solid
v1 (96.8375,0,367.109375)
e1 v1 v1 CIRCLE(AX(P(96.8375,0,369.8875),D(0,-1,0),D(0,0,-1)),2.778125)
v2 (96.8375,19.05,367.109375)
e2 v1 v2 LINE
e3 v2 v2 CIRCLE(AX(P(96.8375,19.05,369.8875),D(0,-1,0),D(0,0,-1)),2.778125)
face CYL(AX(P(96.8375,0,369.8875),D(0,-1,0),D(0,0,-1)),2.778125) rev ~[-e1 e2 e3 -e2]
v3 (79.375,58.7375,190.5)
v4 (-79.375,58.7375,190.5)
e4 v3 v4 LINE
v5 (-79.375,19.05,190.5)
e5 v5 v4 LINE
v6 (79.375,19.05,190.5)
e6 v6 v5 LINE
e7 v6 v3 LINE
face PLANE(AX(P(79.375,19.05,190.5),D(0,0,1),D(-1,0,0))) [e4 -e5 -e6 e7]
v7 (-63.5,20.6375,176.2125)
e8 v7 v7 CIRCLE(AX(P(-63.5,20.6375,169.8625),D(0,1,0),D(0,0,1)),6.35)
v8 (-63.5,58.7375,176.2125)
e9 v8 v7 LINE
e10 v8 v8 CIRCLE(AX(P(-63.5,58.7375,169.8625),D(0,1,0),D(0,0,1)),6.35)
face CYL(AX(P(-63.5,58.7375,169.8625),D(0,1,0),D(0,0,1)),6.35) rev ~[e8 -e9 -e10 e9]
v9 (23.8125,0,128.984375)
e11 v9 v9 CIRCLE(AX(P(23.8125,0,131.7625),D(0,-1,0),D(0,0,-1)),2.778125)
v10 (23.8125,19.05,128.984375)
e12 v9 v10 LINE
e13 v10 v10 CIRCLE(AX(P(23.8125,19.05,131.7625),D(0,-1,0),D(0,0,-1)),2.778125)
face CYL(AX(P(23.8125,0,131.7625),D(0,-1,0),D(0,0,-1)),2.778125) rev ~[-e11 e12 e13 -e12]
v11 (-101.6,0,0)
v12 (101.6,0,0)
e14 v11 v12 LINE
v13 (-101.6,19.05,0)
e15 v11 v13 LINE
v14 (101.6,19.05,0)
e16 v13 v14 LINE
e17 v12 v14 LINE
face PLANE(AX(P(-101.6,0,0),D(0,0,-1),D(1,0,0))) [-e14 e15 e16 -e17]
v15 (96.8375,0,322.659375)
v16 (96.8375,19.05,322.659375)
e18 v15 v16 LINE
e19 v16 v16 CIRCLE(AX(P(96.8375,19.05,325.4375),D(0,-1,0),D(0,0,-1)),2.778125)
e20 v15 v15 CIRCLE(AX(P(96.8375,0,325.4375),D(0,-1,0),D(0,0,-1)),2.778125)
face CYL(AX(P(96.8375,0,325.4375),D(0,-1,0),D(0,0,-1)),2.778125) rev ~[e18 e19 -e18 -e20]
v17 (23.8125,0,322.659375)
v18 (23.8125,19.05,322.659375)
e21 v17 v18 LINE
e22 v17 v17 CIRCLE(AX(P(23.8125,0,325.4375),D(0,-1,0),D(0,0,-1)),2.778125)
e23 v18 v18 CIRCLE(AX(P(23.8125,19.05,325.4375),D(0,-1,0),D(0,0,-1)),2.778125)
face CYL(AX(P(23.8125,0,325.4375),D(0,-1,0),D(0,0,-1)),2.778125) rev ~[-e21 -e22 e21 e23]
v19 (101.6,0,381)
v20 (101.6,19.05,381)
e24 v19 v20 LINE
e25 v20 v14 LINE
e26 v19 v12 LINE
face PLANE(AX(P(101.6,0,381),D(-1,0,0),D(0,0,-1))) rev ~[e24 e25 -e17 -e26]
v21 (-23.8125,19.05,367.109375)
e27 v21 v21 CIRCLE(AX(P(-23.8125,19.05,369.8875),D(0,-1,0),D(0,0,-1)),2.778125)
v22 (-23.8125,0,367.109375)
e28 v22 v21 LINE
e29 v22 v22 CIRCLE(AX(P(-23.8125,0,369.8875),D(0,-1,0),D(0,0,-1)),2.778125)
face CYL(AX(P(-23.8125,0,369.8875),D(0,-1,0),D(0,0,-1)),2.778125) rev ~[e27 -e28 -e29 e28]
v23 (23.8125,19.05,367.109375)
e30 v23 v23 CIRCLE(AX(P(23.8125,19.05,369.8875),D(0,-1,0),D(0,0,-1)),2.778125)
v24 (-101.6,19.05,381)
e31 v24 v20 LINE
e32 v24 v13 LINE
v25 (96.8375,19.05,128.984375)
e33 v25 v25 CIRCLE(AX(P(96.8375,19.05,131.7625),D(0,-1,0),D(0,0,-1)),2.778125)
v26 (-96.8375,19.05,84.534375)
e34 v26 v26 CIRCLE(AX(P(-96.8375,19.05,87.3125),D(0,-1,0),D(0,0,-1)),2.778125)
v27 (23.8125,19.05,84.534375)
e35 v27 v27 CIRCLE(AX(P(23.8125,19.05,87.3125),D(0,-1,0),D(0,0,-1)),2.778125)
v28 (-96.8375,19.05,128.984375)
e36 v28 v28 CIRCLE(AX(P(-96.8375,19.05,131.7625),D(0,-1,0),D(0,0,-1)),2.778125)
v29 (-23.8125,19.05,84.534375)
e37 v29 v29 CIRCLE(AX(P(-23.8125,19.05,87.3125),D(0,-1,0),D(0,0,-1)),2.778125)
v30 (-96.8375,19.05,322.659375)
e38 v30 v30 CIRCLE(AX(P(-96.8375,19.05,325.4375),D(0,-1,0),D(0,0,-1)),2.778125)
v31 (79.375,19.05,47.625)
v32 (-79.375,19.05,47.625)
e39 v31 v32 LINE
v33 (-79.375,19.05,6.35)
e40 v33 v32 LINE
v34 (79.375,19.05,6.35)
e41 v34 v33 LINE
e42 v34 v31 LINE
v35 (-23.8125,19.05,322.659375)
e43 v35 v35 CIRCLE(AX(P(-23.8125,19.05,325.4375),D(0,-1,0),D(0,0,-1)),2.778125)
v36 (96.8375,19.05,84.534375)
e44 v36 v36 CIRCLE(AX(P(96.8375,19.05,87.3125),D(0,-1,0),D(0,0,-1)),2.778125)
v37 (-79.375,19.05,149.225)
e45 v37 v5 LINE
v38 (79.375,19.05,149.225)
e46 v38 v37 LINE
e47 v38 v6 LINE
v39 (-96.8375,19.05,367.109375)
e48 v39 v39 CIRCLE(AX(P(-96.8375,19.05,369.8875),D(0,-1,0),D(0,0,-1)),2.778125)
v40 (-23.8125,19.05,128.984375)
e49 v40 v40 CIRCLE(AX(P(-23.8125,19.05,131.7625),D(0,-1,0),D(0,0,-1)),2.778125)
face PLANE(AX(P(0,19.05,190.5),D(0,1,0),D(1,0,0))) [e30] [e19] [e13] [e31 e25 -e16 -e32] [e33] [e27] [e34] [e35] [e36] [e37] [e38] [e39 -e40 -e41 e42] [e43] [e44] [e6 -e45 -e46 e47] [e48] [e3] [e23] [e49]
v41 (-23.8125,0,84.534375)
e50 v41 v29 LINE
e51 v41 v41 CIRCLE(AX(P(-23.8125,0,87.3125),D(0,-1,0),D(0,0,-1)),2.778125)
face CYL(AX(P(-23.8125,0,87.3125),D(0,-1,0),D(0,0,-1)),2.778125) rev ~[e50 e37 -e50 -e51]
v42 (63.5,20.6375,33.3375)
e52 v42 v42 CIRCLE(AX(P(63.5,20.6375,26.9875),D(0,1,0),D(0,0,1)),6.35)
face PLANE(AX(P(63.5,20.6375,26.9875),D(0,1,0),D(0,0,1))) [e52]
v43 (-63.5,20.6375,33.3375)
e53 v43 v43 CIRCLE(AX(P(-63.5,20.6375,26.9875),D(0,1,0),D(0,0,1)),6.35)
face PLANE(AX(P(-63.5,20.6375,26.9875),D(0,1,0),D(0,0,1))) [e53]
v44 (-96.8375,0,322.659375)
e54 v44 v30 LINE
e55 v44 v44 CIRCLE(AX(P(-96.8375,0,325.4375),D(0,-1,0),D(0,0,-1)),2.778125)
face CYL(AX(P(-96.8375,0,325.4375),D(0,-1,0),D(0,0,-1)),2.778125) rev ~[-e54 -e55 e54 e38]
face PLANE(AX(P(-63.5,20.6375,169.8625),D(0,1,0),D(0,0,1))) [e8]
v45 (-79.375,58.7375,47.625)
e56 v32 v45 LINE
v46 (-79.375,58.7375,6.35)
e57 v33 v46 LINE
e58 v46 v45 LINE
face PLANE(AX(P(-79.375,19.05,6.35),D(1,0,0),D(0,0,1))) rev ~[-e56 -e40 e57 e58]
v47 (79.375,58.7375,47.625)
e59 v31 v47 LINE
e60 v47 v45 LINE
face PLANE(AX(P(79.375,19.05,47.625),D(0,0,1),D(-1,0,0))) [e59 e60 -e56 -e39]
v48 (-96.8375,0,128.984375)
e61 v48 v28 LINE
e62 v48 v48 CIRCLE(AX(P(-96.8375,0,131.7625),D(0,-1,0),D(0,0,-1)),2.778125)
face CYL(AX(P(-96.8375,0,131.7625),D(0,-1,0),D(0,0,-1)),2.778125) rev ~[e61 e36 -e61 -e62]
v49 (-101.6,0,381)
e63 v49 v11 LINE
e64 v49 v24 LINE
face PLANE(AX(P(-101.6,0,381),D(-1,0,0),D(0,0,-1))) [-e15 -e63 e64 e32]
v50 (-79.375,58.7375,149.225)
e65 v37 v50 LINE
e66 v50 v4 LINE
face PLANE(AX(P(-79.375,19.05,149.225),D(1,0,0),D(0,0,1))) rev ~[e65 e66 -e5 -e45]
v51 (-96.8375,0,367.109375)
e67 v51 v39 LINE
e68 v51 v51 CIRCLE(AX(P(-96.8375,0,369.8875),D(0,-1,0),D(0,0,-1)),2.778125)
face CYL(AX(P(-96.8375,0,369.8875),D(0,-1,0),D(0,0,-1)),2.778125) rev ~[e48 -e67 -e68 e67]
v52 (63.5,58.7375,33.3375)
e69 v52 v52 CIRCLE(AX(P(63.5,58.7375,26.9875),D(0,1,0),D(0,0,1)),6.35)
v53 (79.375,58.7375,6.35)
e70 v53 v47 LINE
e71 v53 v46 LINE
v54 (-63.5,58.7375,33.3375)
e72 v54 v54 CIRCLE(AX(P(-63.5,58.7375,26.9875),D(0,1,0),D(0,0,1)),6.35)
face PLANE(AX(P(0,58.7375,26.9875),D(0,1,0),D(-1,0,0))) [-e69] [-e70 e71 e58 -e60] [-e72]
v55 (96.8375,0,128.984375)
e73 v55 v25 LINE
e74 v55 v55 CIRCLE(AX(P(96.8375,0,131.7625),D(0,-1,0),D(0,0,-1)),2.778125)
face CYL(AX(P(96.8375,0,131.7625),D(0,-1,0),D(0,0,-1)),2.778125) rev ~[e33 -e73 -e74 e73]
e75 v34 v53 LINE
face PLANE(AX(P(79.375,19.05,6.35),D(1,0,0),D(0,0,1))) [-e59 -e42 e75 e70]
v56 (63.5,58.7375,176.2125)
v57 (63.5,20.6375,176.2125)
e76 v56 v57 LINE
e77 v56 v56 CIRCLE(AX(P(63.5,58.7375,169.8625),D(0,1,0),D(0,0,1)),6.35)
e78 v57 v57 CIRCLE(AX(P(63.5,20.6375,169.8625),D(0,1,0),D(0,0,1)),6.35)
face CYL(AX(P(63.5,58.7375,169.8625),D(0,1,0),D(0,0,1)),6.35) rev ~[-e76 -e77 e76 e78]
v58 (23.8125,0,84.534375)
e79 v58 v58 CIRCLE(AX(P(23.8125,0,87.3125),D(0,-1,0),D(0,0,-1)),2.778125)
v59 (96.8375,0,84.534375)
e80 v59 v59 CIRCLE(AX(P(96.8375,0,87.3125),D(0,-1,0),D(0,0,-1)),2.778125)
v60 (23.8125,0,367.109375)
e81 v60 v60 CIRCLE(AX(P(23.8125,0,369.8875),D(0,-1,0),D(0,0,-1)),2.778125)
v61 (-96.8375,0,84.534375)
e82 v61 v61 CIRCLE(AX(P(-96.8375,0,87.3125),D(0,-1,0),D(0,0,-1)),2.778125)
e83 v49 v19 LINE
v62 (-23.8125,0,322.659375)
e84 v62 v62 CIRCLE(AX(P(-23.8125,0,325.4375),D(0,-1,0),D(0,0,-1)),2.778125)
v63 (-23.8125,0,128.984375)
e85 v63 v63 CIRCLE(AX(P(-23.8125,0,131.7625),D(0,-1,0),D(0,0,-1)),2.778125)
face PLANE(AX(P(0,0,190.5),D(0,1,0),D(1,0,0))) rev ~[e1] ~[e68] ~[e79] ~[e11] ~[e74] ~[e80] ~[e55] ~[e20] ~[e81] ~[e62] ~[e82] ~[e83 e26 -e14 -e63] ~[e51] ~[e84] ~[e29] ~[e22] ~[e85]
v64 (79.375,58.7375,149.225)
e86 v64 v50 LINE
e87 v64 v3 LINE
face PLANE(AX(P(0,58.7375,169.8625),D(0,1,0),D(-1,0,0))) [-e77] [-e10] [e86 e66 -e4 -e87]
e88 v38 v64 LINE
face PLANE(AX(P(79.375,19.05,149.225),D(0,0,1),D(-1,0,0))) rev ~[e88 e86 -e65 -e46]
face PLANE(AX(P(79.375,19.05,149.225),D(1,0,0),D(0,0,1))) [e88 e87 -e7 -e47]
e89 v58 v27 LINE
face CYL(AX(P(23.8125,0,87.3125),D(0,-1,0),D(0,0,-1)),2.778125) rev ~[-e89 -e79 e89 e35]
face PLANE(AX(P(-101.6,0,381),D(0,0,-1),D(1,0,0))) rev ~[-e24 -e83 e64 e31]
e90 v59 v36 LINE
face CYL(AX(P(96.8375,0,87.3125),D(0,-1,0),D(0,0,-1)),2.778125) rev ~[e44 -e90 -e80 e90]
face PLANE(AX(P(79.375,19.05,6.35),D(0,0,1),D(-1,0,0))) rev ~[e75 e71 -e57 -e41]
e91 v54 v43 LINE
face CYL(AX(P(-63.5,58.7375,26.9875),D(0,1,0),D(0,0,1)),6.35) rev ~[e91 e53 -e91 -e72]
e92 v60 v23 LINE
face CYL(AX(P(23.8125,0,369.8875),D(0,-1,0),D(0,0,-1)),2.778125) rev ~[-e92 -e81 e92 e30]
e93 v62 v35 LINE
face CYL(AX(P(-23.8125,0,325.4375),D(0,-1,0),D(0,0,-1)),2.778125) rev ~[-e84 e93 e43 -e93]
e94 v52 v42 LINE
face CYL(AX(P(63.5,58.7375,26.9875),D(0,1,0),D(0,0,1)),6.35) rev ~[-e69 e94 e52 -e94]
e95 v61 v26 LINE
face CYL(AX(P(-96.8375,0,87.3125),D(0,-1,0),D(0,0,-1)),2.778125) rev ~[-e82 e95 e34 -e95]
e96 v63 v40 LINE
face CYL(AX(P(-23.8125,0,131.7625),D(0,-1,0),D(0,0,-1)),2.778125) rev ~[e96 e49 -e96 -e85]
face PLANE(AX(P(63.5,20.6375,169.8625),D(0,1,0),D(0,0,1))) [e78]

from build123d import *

# Parameters (mm, degrees)
SKETCH1_W           = 203.2
SKETCH1_H           = 381
BASE_EXTRUDE_DEPTH  = 19.05
SKETCH2_W           = 158.75
SKETCH2_H           = 41.275
BOSS_EXTRUDE1_DEPTH = 39.6875
SKETCH4_R           = 6.35
CUT_EXTRUDE1_DEPTH  = 38.1
LPATTERN1_COUNT     = 2
LPATTERN1_PITCH     = 142.875
SKETCH5_R           = 2.778125
CUT_EXTRUDE2_DEPTH  = 399.664839064


with BuildPart() as part:
    # Sketch1 → Base-Extrude (new body)
    with BuildSketch(Plane(origin=(0, 0, 0), x_dir=(1, 0, 0), z_dir=(0, 1, 0))):
        with Locations((0, -190.5)):
            Rectangle(SKETCH1_W, SKETCH1_H)
    extrude(amount=BASE_EXTRUDE_DEPTH)

    # Sketch2 → Boss-Extrude1 (add)
    with BuildSketch(Plane(origin=(0, 19.05, 0), x_dir=(-1, 0, 0), z_dir=(0, 1, 0))):
        with Locations((0, 26.9875)):
            Rectangle(SKETCH2_W, SKETCH2_H)
    boss_extrude1 = extrude(amount=BOSS_EXTRUDE1_DEPTH)

    # Sketch4 → Cut-Extrude1 (cut)
    with BuildSketch(Plane(origin=(0, 58.7375, 0), x_dir=(-1, 0, 0), z_dir=(0, 1, 0))):
        with Locations(Location((-63.5, 26.9875, 0), (0, 0, 90))):
            Circle(SKETCH4_R)
        with Locations(Location((63.5, 26.9875, 0), (0, 0, 90))):
            Circle(SKETCH4_R)
    cut_extrude1 = extrude(amount=-CUT_EXTRUDE1_DEPTH, mode=Mode.SUBTRACT)

    # LPattern1: Boss-Extrude1, Cut-Extrude1 ×2
    with Locations(*[(0, 0, i * LPATTERN1_PITCH) for i in range(1, LPATTERN1_COUNT)]):
        add(boss_extrude1)
        add(cut_extrude1, mode=Mode.SUBTRACT)

    # Sketch5 → Cut-Extrude2 (cut, through all)
    with BuildSketch(Plane.XZ):
        with Locations(Location((96.8375, 87.3125, 0), (0, 0, 270))):
            Circle(SKETCH5_R)
        with Locations(Location((96.8375, 131.7625, 0), (0, 0, 270))):
            Circle(SKETCH5_R)
        with Locations(Location((96.8375, 369.8875, 0), (0, 0, 270))):
            Circle(SKETCH5_R)
        with Locations(Location((96.8375, 325.4375, 0), (0, 0, 270))):
            Circle(SKETCH5_R)
        with Locations(Location((23.8125, 87.3125, 0), (0, 0, 270))):
            Circle(SKETCH5_R)
        with Locations(Location((23.8125, 131.7625, 0), (0, 0, 270))):
            Circle(SKETCH5_R)
        with Locations(Location((-96.8375, 325.4375, 0), (0, 0, 270))):
            Circle(SKETCH5_R)
        with Locations(Location((-96.8375, 369.8875, 0), (0, 0, 270))):
            Circle(SKETCH5_R)
        with Locations(Location((-23.8125, 369.8875, 0), (0, 0, 270))):
            Circle(SKETCH5_R)
        with Locations(Location((-23.8125, 325.4375, 0), (0, 0, 270))):
            Circle(SKETCH5_R)
        with Locations(Location((-96.8375, 87.3125, 0), (0, 0, 270))):
            Circle(SKETCH5_R)
        with Locations(Location((-96.8375, 131.7625, 0), (0, 0, 270))):
            Circle(SKETCH5_R)
        with Locations(Location((-23.8125, 131.7625, 0), (0, 0, 270))):
            Circle(SKETCH5_R)
        with Locations(Location((-23.8125, 87.3125, 0), (0, 0, 270))):
            Circle(SKETCH5_R)
        with Locations(Location((23.8125, 369.8875, 0), (0, 0, 270))):
            Circle(SKETCH5_R)
        with Locations(Location((23.8125, 325.4375, 0), (0, 0, 270))):
            Circle(SKETCH5_R)
    extrude(amount=-CUT_EXTRUDE2_DEPTH, mode=Mode.SUBTRACT)


solid = part.part
